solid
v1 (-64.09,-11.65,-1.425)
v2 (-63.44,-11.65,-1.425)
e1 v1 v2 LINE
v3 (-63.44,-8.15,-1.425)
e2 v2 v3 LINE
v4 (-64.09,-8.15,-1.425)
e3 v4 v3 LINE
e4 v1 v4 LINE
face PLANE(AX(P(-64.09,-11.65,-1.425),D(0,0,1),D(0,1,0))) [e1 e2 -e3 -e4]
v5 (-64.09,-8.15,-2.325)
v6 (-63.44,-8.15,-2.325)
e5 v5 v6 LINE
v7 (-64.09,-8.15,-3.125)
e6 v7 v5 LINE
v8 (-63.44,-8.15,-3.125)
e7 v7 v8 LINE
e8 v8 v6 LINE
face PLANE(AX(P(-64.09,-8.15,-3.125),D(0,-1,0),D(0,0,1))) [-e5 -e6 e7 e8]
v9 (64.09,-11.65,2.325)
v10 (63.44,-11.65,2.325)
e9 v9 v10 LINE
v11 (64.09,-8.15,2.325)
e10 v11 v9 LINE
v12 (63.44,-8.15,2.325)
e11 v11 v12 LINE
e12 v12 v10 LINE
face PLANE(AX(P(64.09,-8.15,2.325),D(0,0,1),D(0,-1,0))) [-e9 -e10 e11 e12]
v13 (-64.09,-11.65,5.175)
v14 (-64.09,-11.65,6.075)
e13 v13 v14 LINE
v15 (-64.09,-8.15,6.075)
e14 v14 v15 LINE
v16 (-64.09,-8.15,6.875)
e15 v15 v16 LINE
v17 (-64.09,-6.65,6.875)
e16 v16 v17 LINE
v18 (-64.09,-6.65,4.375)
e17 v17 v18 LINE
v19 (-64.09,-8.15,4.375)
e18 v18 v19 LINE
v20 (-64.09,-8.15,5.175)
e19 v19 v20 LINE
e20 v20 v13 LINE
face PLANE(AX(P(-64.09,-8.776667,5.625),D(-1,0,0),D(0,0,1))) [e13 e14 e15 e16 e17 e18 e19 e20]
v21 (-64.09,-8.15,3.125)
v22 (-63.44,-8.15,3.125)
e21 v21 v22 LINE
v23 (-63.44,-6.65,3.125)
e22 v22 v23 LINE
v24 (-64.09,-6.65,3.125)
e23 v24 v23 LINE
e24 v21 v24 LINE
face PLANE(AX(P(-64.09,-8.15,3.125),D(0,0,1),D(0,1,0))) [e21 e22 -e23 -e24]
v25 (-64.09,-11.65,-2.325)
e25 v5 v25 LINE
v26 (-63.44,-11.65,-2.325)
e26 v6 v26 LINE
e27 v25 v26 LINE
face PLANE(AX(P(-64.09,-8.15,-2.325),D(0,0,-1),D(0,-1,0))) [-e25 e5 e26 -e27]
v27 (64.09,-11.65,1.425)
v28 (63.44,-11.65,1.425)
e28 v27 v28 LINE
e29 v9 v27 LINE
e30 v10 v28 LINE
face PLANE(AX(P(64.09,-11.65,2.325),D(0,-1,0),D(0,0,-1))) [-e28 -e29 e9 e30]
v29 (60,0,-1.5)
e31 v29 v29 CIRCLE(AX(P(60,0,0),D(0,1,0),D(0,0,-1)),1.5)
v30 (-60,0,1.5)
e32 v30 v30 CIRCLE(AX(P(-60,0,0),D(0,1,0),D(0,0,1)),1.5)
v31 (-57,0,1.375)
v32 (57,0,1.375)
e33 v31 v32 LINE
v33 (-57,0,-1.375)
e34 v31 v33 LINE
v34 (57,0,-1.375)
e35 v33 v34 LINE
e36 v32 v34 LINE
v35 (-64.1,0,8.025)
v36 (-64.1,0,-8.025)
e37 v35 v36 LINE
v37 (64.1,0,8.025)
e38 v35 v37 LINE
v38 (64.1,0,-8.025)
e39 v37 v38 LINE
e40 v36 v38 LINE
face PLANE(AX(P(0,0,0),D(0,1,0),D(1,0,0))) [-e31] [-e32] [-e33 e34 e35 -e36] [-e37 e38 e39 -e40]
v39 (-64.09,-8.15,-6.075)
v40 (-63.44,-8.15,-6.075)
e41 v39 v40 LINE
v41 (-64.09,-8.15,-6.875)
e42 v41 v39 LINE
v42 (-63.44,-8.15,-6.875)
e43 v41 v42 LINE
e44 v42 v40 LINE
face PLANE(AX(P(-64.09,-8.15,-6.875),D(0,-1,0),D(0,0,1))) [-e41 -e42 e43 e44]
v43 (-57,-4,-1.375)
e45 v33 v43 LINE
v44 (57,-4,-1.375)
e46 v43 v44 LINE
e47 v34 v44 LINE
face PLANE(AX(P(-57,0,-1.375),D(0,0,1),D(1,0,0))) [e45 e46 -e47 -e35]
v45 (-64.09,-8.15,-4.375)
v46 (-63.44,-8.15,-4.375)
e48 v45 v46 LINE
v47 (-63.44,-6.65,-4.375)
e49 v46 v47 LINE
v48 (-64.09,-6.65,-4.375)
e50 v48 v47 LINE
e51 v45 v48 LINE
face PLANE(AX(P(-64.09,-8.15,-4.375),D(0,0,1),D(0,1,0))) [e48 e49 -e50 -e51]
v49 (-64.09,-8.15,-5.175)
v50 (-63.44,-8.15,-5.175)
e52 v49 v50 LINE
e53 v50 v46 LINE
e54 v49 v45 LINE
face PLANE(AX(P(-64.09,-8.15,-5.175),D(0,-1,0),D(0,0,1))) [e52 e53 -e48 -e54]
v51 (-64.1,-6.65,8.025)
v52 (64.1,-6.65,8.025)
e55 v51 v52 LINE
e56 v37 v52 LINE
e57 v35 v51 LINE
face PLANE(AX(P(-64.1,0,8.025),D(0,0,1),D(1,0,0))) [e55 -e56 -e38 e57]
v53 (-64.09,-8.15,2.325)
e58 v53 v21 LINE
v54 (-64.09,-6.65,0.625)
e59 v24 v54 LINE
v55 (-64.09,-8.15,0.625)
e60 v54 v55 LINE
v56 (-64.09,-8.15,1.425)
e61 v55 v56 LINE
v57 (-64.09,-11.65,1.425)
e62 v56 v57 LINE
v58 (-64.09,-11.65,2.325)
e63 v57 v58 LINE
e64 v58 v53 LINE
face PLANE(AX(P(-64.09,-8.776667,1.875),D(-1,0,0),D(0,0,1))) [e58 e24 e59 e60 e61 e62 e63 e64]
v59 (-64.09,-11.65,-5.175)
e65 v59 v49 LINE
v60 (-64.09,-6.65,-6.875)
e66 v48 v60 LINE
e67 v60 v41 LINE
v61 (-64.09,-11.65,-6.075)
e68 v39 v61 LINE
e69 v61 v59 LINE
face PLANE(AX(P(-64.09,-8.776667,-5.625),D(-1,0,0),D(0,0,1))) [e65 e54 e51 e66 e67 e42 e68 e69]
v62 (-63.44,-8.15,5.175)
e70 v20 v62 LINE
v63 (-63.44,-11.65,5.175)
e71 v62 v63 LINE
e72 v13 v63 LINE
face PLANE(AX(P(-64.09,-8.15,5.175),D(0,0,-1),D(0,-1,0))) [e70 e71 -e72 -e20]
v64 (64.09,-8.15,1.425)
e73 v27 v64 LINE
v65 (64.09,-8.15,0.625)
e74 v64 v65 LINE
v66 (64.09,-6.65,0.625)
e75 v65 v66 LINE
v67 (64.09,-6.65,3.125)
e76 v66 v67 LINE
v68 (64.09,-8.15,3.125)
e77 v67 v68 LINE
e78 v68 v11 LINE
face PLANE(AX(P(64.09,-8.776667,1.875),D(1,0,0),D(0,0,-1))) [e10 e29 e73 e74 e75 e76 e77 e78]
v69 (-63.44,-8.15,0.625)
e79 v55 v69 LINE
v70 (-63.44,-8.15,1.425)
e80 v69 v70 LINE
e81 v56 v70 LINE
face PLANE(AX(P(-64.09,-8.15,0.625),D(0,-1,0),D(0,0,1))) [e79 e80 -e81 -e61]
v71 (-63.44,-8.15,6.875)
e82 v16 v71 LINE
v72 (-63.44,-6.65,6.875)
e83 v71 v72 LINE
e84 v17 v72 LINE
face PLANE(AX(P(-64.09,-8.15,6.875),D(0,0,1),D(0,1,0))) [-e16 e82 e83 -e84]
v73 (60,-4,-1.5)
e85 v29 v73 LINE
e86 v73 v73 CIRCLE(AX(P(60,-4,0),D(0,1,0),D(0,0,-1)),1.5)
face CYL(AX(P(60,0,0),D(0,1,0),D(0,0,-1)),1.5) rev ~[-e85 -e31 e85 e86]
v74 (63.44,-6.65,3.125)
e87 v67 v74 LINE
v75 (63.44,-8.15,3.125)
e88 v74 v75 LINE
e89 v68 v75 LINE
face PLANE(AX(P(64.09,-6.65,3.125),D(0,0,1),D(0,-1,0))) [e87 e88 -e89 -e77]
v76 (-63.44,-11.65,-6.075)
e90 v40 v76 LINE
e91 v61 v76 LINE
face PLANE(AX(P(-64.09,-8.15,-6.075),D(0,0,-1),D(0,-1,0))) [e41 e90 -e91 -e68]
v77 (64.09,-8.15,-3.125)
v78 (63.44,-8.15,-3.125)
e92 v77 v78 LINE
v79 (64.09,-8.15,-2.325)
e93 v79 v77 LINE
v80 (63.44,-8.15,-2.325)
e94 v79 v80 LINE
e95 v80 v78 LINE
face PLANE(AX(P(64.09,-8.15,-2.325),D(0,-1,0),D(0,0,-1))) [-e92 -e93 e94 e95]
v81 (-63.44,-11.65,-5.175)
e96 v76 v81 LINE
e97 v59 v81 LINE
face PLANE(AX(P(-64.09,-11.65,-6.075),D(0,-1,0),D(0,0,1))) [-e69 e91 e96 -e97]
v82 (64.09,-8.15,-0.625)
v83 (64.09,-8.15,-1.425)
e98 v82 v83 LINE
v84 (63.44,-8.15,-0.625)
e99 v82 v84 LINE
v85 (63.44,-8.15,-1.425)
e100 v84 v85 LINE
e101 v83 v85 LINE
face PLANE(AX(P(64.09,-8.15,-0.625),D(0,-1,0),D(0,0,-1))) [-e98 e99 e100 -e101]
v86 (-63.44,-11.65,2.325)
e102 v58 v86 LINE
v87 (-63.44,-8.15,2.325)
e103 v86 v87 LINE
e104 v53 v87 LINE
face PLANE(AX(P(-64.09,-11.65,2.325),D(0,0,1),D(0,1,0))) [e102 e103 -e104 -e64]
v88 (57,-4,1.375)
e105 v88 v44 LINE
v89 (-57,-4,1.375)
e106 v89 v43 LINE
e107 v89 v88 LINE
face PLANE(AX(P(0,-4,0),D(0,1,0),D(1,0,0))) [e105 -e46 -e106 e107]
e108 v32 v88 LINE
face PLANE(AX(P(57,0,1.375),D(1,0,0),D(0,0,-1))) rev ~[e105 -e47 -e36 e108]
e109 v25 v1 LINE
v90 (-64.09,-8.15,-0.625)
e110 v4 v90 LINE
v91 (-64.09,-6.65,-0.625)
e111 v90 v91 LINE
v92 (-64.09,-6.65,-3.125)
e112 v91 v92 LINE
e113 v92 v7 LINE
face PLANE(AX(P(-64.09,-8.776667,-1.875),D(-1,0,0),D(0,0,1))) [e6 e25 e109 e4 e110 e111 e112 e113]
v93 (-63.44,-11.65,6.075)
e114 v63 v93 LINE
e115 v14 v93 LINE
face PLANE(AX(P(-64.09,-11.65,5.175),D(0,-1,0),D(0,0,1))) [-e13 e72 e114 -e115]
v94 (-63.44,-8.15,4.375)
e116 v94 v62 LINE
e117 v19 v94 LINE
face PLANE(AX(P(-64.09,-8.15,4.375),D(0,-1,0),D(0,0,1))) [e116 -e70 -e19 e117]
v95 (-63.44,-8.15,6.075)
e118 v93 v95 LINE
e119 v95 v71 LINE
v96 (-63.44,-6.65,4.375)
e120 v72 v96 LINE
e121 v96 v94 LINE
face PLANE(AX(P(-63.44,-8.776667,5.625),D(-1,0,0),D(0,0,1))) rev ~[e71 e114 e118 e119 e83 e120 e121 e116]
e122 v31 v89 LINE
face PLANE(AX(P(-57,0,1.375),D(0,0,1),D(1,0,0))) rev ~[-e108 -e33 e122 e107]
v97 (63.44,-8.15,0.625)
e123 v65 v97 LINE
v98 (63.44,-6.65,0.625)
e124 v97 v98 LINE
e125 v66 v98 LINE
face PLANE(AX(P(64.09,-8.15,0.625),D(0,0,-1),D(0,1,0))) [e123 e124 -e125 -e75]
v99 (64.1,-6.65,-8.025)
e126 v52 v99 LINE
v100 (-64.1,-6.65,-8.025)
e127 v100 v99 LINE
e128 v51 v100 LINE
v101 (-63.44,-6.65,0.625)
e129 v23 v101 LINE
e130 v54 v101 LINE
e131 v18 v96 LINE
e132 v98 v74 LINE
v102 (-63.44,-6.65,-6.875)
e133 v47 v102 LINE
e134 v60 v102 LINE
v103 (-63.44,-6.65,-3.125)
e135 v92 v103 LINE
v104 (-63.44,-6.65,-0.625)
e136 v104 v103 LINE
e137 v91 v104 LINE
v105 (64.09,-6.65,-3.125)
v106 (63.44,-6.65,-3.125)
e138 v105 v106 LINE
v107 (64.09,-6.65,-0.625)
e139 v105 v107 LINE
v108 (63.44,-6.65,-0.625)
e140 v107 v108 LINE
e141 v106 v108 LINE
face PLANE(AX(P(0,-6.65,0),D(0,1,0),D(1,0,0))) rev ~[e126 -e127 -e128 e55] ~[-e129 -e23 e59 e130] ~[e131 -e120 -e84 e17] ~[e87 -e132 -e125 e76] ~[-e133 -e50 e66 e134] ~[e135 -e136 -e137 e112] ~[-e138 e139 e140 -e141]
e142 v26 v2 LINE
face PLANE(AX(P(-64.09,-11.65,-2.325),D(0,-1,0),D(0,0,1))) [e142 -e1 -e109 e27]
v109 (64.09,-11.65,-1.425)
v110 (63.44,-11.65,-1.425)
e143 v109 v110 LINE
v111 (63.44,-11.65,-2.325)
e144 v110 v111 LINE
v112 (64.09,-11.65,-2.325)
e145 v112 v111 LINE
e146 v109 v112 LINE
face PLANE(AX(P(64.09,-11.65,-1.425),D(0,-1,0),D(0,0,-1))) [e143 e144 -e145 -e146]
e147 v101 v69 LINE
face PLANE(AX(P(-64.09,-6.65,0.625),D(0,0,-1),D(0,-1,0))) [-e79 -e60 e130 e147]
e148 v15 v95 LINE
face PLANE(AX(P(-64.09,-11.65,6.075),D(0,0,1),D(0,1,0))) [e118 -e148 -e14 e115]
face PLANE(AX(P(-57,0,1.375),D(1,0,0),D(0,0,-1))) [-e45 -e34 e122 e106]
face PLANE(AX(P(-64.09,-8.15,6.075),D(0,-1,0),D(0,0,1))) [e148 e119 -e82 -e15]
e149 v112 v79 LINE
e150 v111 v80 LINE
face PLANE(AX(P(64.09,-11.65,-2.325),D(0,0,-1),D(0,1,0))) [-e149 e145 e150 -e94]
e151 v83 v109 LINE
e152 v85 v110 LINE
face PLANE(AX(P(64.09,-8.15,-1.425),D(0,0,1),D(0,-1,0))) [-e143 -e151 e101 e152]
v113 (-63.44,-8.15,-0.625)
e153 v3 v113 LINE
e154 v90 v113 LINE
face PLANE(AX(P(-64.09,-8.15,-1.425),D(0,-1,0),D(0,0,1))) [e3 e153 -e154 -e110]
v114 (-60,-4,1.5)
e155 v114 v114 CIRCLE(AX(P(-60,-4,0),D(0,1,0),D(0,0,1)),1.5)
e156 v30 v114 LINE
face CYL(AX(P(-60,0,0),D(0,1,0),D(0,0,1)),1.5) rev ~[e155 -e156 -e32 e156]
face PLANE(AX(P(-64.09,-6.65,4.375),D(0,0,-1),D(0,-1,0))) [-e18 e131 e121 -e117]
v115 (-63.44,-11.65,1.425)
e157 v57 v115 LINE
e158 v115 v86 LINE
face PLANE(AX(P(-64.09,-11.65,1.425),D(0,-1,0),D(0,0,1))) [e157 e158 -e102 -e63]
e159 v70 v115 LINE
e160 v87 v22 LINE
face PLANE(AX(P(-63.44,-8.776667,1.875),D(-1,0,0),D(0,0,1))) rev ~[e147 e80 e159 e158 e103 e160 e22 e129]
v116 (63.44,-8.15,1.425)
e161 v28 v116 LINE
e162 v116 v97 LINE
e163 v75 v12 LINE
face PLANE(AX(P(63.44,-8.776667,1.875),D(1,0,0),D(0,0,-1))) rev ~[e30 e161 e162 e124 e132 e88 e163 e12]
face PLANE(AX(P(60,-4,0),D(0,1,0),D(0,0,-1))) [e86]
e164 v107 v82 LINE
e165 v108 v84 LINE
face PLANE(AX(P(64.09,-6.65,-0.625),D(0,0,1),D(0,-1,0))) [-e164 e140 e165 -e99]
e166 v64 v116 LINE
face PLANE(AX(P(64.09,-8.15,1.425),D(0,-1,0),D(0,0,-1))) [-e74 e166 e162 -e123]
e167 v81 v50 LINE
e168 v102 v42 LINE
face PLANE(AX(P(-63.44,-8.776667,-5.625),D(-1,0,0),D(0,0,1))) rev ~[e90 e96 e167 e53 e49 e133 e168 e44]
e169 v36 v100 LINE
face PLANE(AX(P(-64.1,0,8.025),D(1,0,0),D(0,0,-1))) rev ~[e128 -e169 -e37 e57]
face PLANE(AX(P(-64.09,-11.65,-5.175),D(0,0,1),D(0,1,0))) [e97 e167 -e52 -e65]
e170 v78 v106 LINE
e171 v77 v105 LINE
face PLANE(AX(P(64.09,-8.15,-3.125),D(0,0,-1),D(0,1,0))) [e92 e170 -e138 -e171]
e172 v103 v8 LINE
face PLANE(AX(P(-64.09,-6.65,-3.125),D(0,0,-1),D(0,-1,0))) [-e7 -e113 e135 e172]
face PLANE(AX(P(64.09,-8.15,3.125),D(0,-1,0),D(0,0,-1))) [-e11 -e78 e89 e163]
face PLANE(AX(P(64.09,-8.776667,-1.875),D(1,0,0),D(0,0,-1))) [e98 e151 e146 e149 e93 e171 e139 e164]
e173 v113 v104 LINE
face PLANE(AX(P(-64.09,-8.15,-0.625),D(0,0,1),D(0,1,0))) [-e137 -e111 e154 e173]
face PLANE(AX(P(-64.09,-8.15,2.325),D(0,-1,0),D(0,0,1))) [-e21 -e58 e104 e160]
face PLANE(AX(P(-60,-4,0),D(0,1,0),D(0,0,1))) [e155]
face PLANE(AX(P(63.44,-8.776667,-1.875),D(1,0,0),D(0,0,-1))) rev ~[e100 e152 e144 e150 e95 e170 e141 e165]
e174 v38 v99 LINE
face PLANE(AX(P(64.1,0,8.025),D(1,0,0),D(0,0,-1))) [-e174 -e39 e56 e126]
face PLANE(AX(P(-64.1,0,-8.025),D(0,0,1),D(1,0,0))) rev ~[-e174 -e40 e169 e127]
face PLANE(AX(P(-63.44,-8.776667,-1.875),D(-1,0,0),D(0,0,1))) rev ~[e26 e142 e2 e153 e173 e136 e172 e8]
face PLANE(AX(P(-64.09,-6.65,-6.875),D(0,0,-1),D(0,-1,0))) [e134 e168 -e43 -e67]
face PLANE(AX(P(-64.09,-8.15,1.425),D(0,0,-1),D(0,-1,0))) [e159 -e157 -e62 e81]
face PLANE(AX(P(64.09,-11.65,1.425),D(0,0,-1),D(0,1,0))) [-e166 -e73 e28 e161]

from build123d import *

# Parameters (mm, degrees)
SKETCH1_W           = 128.2
SKETCH1_H           = 16.05
BOSS_EXTRUDE1_DEPTH = 6.65
SKETCH2_R           = 1.5
SKETCH2_W           = 114
SKETCH2_H           = 2.75
CUT_EXTRUDE1_DEPTH  = 4
BOSS_EXTRUDE2_DEPTH = 0.65
BOSS_EXTRUDE3_DEPTH = 0.65


with BuildPart() as part:
    # Sketch1 → Boss-Extrude1 (new body)
    with BuildSketch(Plane(origin=(0, 0, 0), x_dir=(1, 0, 0), z_dir=(0, 1, 0))):
        Rectangle(SKETCH1_W, SKETCH1_H)
    extrude(amount=-BOSS_EXTRUDE1_DEPTH)

    # Sketch2 → Cut-Extrude1 (cut)
    with BuildSketch(Plane(origin=(0, 0, 0), x_dir=(1, 0, 0), z_dir=(0, 1, 0))):
        with Locations(Location((-60, 0, 0), (0, 0, 270))):
            Circle(SKETCH2_R)
        with Locations(Location((60, 0, 0), (0, 0, 90))):
            Circle(SKETCH2_R)
        Rectangle(SKETCH2_W, SKETCH2_H)
    extrude(amount=-CUT_EXTRUDE1_DEPTH, mode=Mode.SUBTRACT)

    # Sketch3 → Boss-Extrude2 (add)
    with BuildSketch(Plane.ZY.offset(64.09)):
        Polygon((-6.875, -6.65), (-6.875, -8.15), (-6.075, -8.15), (-6.075, -11.65), (-5.175, -11.65), (-5.175, -8.15), (-4.375, -8.15), (-4.375, -6.65), align=None)
        Polygon((-0.625, -6.65), (-3.125, -6.65), (-3.125, -8.15), (-2.325, -8.15), (-2.325, -11.65), (-1.425, -11.65), (-1.425, -8.15), (-0.625, -8.15), align=None)
        Polygon((3.125, -6.65), (0.625, -6.65), (0.625, -8.15), (1.425, -8.15), (1.425, -11.65), (2.325, -11.65), (2.325, -8.15), (3.125, -8.15), align=None)
        Polygon((6.875, -6.65), (4.375, -6.65), (4.375, -8.15), (5.175, -8.15), (5.175, -11.65), (6.075, -11.65), (6.075, -8.15), (6.875, -8.15), align=None)
    extrude(amount=-BOSS_EXTRUDE2_DEPTH)

    # Sketch4 → Boss-Extrude3 (add)
    with BuildSketch(Plane(origin=(64.09, 0, 0), x_dir=(0, 0, -1), z_dir=(1, 0, 0))):
        Polygon((-0.625, -8.15), (-0.625, -6.65), (-3.125, -6.65), (-3.125, -8.15), (-2.325, -8.15), (-2.325, -11.65), (-1.425, -11.65), (-1.425, -8.15), align=None)
        Polygon((3.125, -8.15), (3.125, -6.65), (0.625, -6.65), (0.625, -8.15), (1.425, -8.15), (1.425, -11.65), (2.325, -11.65), (2.325, -8.15), align=None)
    extrude(amount=-BOSS_EXTRUDE3_DEPTH)


solid = part.part
